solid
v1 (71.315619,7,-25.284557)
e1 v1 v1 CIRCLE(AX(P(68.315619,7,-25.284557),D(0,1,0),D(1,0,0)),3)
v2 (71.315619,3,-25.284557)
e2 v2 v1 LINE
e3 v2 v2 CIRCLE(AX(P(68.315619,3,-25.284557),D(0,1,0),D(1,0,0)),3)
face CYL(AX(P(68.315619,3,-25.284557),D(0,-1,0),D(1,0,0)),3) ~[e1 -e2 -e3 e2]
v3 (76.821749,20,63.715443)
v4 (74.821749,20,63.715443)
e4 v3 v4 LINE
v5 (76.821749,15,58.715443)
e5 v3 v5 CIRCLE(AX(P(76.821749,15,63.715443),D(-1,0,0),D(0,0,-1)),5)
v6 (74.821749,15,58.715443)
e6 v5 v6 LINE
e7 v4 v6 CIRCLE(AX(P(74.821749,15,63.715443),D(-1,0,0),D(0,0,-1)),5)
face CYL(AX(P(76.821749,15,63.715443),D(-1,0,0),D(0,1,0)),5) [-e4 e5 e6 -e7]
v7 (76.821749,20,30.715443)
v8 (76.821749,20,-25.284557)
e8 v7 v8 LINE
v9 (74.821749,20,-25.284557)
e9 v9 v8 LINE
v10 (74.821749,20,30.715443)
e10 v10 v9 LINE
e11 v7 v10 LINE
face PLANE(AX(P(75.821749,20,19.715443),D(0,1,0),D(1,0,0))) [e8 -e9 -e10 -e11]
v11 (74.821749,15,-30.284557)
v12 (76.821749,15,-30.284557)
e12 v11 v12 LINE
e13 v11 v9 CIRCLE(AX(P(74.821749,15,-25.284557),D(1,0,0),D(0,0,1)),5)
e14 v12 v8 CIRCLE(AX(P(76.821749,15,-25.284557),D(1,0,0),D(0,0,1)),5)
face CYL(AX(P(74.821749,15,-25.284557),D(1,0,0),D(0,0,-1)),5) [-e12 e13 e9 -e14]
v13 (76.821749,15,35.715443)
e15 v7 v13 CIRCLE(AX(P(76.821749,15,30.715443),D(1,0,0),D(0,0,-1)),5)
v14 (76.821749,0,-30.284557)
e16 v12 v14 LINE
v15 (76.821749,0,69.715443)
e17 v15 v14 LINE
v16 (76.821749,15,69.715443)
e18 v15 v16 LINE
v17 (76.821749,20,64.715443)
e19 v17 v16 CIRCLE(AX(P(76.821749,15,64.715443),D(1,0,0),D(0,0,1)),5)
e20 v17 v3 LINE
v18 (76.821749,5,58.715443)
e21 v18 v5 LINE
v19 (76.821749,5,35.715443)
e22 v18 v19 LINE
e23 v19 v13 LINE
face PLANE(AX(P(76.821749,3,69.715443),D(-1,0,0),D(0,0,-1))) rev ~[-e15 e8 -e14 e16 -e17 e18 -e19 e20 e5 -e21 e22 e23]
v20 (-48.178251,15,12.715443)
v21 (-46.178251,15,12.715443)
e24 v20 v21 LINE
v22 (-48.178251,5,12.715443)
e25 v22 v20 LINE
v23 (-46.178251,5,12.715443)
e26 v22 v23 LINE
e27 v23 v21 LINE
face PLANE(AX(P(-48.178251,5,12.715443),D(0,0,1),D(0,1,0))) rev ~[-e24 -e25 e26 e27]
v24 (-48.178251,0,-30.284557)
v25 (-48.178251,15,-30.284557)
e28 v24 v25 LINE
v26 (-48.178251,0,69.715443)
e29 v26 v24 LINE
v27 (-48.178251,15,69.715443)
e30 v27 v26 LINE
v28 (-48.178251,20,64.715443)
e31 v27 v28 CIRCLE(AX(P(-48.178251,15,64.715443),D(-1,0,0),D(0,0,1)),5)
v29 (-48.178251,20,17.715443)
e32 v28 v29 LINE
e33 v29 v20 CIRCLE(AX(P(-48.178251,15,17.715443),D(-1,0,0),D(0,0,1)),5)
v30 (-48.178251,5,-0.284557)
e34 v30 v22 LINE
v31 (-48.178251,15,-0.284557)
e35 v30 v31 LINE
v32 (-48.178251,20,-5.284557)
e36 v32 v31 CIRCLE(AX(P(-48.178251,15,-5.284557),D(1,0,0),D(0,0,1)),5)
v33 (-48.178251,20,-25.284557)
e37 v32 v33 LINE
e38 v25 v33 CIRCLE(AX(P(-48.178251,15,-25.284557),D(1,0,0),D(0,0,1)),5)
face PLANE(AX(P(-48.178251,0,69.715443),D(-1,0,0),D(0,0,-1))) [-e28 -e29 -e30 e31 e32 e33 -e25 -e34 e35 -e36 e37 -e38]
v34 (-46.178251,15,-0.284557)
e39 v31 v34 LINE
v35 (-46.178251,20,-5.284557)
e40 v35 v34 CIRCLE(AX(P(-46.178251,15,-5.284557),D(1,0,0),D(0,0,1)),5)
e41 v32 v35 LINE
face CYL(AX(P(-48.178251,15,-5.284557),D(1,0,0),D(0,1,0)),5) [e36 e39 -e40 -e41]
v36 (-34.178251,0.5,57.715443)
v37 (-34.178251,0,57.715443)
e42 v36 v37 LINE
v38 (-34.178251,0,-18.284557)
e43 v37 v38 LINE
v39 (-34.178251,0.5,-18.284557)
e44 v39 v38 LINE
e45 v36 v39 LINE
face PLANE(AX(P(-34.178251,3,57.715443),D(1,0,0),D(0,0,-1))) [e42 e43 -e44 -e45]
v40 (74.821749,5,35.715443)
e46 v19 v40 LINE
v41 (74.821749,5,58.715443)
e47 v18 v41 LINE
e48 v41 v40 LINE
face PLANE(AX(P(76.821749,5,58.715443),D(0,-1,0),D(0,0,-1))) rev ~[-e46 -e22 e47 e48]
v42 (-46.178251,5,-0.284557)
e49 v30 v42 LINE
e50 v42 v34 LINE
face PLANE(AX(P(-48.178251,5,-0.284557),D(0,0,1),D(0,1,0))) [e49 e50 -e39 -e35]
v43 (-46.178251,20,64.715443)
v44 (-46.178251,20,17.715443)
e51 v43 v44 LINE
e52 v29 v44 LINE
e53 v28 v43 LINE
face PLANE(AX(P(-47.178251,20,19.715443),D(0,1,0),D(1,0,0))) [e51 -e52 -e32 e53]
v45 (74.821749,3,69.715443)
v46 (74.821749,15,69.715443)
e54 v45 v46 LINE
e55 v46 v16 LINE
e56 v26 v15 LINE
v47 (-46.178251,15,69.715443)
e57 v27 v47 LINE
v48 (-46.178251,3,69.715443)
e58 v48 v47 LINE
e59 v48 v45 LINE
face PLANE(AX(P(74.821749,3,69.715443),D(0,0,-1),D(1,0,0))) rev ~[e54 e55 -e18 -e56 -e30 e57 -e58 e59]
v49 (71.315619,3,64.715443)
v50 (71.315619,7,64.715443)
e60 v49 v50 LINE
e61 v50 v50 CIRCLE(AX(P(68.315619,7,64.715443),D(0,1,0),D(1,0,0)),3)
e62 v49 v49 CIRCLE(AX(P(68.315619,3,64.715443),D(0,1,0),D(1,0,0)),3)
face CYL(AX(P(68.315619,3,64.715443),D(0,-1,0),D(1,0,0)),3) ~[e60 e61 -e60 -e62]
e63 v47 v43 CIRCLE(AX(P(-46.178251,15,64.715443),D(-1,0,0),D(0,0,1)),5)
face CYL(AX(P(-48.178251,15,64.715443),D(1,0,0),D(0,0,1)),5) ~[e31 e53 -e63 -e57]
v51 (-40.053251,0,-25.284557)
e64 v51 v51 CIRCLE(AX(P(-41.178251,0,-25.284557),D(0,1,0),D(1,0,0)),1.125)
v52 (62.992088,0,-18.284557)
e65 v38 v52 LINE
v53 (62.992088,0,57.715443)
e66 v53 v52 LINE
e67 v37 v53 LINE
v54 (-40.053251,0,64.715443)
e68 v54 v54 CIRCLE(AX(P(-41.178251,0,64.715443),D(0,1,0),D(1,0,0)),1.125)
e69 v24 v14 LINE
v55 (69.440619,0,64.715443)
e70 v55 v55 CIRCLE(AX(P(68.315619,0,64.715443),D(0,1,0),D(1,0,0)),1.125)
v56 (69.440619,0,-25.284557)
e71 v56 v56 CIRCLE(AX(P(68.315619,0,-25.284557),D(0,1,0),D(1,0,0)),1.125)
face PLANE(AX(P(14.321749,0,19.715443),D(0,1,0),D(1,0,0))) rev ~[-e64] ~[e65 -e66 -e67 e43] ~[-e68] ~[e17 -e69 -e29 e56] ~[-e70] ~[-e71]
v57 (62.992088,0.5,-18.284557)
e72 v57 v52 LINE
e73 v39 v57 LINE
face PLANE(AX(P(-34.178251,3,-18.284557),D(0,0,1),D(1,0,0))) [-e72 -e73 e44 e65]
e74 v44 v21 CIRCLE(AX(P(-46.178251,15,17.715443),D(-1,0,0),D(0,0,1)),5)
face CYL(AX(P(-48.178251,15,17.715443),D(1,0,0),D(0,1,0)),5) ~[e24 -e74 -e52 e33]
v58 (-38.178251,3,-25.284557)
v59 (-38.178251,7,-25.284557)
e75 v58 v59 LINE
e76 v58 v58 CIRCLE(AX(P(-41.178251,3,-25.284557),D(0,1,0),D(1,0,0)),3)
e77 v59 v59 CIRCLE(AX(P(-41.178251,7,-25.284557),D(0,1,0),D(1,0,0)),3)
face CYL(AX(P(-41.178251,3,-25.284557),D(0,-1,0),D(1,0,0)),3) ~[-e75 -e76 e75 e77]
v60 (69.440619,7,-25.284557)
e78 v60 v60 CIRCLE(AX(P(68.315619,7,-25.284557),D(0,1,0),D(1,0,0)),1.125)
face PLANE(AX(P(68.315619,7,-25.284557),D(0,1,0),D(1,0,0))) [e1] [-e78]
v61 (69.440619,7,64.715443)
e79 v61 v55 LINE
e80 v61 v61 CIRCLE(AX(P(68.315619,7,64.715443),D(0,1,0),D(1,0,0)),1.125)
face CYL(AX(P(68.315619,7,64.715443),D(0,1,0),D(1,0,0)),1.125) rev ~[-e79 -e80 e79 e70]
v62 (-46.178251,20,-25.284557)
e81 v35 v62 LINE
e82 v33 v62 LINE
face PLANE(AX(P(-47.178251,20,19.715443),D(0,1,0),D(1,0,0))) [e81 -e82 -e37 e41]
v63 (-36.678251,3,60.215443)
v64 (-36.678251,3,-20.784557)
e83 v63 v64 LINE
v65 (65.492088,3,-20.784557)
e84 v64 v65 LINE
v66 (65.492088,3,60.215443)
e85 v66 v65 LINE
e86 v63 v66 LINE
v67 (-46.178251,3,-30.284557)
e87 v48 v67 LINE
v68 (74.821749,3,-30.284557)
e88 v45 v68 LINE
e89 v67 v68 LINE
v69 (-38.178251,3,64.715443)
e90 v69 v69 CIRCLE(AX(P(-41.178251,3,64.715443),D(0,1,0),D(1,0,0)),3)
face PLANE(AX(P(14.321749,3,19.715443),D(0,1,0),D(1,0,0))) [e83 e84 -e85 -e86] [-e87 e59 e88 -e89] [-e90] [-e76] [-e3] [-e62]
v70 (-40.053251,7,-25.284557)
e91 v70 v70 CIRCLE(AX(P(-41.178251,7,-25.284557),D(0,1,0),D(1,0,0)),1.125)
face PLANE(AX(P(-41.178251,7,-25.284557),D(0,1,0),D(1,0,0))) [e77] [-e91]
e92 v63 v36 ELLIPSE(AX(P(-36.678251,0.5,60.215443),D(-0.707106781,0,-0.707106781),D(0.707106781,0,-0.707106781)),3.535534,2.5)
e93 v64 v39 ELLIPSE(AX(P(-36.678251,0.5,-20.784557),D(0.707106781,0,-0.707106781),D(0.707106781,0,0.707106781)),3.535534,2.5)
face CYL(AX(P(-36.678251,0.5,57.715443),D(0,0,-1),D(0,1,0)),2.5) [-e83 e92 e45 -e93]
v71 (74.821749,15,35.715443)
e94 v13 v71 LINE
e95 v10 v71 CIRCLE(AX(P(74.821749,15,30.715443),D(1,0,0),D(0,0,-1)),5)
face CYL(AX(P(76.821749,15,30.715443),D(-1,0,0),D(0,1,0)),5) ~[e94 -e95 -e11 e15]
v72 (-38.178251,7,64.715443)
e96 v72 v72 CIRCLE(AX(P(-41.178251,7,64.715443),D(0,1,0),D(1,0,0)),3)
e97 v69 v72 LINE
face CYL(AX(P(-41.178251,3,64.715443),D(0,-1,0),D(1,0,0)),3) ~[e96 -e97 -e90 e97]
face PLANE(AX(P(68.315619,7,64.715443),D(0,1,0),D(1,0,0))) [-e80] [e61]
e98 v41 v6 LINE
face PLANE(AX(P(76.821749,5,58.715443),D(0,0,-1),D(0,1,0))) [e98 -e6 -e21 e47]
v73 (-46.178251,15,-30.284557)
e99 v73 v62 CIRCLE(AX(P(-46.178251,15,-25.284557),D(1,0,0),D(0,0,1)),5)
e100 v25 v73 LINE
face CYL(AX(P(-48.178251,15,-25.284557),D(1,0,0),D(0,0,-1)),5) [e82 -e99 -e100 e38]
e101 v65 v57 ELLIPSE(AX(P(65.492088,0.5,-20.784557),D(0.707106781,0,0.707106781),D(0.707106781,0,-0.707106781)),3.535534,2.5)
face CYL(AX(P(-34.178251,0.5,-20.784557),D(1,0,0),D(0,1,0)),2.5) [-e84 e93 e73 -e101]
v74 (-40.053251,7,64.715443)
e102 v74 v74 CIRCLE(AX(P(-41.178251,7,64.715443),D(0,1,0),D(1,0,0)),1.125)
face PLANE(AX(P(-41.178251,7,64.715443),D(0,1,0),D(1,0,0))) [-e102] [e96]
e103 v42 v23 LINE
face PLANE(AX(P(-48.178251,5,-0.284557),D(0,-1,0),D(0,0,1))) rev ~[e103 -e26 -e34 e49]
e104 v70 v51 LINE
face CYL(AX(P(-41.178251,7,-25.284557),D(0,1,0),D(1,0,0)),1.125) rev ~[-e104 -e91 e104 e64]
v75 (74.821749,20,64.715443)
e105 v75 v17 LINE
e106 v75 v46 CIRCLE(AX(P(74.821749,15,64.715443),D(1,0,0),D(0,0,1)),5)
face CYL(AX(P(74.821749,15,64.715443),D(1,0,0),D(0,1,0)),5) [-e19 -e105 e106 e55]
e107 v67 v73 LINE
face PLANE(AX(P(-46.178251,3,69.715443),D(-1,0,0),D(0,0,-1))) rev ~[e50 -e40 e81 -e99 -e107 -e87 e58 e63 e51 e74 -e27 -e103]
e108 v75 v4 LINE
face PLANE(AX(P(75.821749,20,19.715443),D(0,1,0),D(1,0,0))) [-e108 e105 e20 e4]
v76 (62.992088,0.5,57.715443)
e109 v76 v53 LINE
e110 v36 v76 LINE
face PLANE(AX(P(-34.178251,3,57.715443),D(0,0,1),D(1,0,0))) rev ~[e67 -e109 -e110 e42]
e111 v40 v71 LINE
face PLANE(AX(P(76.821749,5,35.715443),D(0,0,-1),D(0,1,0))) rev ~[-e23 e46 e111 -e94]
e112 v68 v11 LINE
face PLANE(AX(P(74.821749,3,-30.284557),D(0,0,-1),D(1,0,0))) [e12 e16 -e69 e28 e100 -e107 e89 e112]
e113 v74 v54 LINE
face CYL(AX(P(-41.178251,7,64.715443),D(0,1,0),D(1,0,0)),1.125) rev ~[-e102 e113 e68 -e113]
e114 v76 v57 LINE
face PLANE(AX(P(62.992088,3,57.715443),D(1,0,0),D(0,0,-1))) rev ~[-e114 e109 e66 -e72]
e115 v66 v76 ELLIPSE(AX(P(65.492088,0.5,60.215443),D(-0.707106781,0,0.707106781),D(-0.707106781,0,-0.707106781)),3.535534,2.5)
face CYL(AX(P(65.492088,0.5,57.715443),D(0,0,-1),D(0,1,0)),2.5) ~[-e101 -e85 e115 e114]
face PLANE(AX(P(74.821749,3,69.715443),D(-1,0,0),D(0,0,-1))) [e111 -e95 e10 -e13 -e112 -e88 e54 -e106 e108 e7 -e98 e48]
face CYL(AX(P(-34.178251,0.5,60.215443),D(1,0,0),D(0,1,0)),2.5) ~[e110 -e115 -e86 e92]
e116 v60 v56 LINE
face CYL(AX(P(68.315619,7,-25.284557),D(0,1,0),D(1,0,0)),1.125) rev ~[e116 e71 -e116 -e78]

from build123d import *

# Parameters (mm, degrees)
SKETCH1_W           = 125
SKETCH1_H           = 100
BOSS_EXTRUDE1_DEPTH = 3
SKETCH2_W           = 2
SKETCH2_H           = 100
BOSS_EXTRUDE2_DEPTH = 17
SKETCH3_R           = 3
BOSS_EXTRUDE4_DEPTH = 4
SKETCH4_W           = 13
SKETCH4_H           = 15
CUT_EXTRUDE1_DEPTH  = 2
SKETCH5_W           = 23
SKETCH5_H           = 15
CUT_EXTRUDE2_DEPTH  = 2
SKETCH6_R           = 1.125
CUT_EXTRUDE3_DEPTH  = 22
FILLET1_R           = 5
FILLET2_R           = 5
SKETCH7_W           = 97.170339499
SKETCH7_H           = 76
CUT_EXTRUDE4_DEPTH  = 22
FILLET3_R           = 2.5


with BuildPart() as part:
    # Sketch1 → Boss-Extrude1 (new body)
    with BuildSketch(Plane(origin=(0, 0, 0), x_dir=(1, 0, 0), z_dir=(0, 1, 0))):
        with Locations((14.321748602, -19.715443405)):
            Rectangle(SKETCH1_W, SKETCH1_H)
    extrude(amount=BOSS_EXTRUDE1_DEPTH)

    # Sketch2 → Boss-Extrude2 (add)
    with BuildSketch(Plane(origin=(0, 3, 0), x_dir=(1, 0, 0), z_dir=(0, 1, 0))):
        with Locations((75.821748602, -19.715443405)):
            Rectangle(SKETCH2_W, SKETCH2_H)
        with Locations((-47.178251398, -19.715443405)):
            Rectangle(SKETCH2_W, SKETCH2_H)
    extrude(amount=BOSS_EXTRUDE2_DEPTH)

    # Sketch3 → Boss-Extrude4 (add)
    with BuildSketch(Plane(origin=(0, 3, 0), x_dir=(1, 0, 0), z_dir=(0, 1, 0))):
        with Locations((-41.178251398, -64.715443405)):
            Circle(SKETCH3_R)
        with Locations((-41.178251398, 25.284556595)):
            Circle(SKETCH3_R)
        with Locations((68.315618549, 25.284556595)):
            Circle(SKETCH3_R)
        with Locations((68.315618549, -64.715443405)):
            Circle(SKETCH3_R)
    extrude(amount=BOSS_EXTRUDE4_DEPTH)

    # Sketch4 → Cut-Extrude1 (cut)
    with BuildSketch(Plane.ZY.offset(48.178251398)):
        with Locations((6.215443405, 12.5)):
            Rectangle(SKETCH4_W, SKETCH4_H)
    extrude(amount=-CUT_EXTRUDE1_DEPTH, mode=Mode.SUBTRACT)

    # Sketch5 → Cut-Extrude2 (cut)
    with BuildSketch(Plane(origin=(76.821748602, 0, 0), x_dir=(0, 0, -1), z_dir=(1, 0, 0))):
        with Locations((-47.215443405, 12.5)):
            Rectangle(SKETCH5_W, SKETCH5_H)
    extrude(amount=-CUT_EXTRUDE2_DEPTH, mode=Mode.SUBTRACT)

    # Sketch6 → Cut-Extrude3 (cut)
    with BuildSketch(Plane(origin=(0, 7, 0), x_dir=(1, 0, 0), z_dir=(0, 1, 0))):
        with Locations((-41.178251398, -64.715443405)):
            Circle(SKETCH6_R)
        with Locations((-41.178251398, 25.284556595)):
            Circle(SKETCH6_R)
        with Locations((68.315618549, -64.715443405)):
            Circle(SKETCH6_R)
        with Locations((68.315618549, 25.284556595)):
            Circle(SKETCH6_R)
    extrude(amount=-CUT_EXTRUDE3_DEPTH, mode=Mode.SUBTRACT)

    # Fillet1
    fillet1_edges = [part.edges().sort_by_distance(p)[0] for p in [
        (75.821748602, 20, 69.715443405),
        (-47.178251398, 20, 69.715443405),
        (-47.178251398, 20, -30.284556595),
        (75.821748602, 20, -30.284556595),
    ]]
    fillet(fillet1_edges, radius=FILLET1_R)

    # Fillet2
    fillet2_edges = [part.edges().sort_by_distance(p)[0] for p in [
        (-47.178251398, 20, -0.284556595),
        (-47.178251398, 20, 12.715443405),
        (75.821748602, 20, 58.715443405),
        (75.821748602, 20, 35.715443405),
    ]]
    fillet(fillet2_edges, radius=FILLET2_R)

    # Sketch7 → Cut-Extrude4 (cut)
    with BuildSketch(Plane(origin=(0, 3, 0), x_dir=(1, 0, 0), z_dir=(0, 1, 0))):
        with Locations((14.406918352, -19.715443405)):
            Rectangle(SKETCH7_W, SKETCH7_H)
    extrude(amount=-CUT_EXTRUDE4_DEPTH, mode=Mode.SUBTRACT)

    # Fillet3
    fillet3_edges = [part.edges().sort_by_distance(p)[0] for p in [
        (62.992088101, 3, 19.715443405),
        (14.406918351, 3, -18.284556595),
        (-34.178251398, 3, 19.715443405),
        (14.406918351, 3, 57.715443405),
    ]]
    fillet(fillet3_edges, radius=FILLET3_R)


solid = part.part
